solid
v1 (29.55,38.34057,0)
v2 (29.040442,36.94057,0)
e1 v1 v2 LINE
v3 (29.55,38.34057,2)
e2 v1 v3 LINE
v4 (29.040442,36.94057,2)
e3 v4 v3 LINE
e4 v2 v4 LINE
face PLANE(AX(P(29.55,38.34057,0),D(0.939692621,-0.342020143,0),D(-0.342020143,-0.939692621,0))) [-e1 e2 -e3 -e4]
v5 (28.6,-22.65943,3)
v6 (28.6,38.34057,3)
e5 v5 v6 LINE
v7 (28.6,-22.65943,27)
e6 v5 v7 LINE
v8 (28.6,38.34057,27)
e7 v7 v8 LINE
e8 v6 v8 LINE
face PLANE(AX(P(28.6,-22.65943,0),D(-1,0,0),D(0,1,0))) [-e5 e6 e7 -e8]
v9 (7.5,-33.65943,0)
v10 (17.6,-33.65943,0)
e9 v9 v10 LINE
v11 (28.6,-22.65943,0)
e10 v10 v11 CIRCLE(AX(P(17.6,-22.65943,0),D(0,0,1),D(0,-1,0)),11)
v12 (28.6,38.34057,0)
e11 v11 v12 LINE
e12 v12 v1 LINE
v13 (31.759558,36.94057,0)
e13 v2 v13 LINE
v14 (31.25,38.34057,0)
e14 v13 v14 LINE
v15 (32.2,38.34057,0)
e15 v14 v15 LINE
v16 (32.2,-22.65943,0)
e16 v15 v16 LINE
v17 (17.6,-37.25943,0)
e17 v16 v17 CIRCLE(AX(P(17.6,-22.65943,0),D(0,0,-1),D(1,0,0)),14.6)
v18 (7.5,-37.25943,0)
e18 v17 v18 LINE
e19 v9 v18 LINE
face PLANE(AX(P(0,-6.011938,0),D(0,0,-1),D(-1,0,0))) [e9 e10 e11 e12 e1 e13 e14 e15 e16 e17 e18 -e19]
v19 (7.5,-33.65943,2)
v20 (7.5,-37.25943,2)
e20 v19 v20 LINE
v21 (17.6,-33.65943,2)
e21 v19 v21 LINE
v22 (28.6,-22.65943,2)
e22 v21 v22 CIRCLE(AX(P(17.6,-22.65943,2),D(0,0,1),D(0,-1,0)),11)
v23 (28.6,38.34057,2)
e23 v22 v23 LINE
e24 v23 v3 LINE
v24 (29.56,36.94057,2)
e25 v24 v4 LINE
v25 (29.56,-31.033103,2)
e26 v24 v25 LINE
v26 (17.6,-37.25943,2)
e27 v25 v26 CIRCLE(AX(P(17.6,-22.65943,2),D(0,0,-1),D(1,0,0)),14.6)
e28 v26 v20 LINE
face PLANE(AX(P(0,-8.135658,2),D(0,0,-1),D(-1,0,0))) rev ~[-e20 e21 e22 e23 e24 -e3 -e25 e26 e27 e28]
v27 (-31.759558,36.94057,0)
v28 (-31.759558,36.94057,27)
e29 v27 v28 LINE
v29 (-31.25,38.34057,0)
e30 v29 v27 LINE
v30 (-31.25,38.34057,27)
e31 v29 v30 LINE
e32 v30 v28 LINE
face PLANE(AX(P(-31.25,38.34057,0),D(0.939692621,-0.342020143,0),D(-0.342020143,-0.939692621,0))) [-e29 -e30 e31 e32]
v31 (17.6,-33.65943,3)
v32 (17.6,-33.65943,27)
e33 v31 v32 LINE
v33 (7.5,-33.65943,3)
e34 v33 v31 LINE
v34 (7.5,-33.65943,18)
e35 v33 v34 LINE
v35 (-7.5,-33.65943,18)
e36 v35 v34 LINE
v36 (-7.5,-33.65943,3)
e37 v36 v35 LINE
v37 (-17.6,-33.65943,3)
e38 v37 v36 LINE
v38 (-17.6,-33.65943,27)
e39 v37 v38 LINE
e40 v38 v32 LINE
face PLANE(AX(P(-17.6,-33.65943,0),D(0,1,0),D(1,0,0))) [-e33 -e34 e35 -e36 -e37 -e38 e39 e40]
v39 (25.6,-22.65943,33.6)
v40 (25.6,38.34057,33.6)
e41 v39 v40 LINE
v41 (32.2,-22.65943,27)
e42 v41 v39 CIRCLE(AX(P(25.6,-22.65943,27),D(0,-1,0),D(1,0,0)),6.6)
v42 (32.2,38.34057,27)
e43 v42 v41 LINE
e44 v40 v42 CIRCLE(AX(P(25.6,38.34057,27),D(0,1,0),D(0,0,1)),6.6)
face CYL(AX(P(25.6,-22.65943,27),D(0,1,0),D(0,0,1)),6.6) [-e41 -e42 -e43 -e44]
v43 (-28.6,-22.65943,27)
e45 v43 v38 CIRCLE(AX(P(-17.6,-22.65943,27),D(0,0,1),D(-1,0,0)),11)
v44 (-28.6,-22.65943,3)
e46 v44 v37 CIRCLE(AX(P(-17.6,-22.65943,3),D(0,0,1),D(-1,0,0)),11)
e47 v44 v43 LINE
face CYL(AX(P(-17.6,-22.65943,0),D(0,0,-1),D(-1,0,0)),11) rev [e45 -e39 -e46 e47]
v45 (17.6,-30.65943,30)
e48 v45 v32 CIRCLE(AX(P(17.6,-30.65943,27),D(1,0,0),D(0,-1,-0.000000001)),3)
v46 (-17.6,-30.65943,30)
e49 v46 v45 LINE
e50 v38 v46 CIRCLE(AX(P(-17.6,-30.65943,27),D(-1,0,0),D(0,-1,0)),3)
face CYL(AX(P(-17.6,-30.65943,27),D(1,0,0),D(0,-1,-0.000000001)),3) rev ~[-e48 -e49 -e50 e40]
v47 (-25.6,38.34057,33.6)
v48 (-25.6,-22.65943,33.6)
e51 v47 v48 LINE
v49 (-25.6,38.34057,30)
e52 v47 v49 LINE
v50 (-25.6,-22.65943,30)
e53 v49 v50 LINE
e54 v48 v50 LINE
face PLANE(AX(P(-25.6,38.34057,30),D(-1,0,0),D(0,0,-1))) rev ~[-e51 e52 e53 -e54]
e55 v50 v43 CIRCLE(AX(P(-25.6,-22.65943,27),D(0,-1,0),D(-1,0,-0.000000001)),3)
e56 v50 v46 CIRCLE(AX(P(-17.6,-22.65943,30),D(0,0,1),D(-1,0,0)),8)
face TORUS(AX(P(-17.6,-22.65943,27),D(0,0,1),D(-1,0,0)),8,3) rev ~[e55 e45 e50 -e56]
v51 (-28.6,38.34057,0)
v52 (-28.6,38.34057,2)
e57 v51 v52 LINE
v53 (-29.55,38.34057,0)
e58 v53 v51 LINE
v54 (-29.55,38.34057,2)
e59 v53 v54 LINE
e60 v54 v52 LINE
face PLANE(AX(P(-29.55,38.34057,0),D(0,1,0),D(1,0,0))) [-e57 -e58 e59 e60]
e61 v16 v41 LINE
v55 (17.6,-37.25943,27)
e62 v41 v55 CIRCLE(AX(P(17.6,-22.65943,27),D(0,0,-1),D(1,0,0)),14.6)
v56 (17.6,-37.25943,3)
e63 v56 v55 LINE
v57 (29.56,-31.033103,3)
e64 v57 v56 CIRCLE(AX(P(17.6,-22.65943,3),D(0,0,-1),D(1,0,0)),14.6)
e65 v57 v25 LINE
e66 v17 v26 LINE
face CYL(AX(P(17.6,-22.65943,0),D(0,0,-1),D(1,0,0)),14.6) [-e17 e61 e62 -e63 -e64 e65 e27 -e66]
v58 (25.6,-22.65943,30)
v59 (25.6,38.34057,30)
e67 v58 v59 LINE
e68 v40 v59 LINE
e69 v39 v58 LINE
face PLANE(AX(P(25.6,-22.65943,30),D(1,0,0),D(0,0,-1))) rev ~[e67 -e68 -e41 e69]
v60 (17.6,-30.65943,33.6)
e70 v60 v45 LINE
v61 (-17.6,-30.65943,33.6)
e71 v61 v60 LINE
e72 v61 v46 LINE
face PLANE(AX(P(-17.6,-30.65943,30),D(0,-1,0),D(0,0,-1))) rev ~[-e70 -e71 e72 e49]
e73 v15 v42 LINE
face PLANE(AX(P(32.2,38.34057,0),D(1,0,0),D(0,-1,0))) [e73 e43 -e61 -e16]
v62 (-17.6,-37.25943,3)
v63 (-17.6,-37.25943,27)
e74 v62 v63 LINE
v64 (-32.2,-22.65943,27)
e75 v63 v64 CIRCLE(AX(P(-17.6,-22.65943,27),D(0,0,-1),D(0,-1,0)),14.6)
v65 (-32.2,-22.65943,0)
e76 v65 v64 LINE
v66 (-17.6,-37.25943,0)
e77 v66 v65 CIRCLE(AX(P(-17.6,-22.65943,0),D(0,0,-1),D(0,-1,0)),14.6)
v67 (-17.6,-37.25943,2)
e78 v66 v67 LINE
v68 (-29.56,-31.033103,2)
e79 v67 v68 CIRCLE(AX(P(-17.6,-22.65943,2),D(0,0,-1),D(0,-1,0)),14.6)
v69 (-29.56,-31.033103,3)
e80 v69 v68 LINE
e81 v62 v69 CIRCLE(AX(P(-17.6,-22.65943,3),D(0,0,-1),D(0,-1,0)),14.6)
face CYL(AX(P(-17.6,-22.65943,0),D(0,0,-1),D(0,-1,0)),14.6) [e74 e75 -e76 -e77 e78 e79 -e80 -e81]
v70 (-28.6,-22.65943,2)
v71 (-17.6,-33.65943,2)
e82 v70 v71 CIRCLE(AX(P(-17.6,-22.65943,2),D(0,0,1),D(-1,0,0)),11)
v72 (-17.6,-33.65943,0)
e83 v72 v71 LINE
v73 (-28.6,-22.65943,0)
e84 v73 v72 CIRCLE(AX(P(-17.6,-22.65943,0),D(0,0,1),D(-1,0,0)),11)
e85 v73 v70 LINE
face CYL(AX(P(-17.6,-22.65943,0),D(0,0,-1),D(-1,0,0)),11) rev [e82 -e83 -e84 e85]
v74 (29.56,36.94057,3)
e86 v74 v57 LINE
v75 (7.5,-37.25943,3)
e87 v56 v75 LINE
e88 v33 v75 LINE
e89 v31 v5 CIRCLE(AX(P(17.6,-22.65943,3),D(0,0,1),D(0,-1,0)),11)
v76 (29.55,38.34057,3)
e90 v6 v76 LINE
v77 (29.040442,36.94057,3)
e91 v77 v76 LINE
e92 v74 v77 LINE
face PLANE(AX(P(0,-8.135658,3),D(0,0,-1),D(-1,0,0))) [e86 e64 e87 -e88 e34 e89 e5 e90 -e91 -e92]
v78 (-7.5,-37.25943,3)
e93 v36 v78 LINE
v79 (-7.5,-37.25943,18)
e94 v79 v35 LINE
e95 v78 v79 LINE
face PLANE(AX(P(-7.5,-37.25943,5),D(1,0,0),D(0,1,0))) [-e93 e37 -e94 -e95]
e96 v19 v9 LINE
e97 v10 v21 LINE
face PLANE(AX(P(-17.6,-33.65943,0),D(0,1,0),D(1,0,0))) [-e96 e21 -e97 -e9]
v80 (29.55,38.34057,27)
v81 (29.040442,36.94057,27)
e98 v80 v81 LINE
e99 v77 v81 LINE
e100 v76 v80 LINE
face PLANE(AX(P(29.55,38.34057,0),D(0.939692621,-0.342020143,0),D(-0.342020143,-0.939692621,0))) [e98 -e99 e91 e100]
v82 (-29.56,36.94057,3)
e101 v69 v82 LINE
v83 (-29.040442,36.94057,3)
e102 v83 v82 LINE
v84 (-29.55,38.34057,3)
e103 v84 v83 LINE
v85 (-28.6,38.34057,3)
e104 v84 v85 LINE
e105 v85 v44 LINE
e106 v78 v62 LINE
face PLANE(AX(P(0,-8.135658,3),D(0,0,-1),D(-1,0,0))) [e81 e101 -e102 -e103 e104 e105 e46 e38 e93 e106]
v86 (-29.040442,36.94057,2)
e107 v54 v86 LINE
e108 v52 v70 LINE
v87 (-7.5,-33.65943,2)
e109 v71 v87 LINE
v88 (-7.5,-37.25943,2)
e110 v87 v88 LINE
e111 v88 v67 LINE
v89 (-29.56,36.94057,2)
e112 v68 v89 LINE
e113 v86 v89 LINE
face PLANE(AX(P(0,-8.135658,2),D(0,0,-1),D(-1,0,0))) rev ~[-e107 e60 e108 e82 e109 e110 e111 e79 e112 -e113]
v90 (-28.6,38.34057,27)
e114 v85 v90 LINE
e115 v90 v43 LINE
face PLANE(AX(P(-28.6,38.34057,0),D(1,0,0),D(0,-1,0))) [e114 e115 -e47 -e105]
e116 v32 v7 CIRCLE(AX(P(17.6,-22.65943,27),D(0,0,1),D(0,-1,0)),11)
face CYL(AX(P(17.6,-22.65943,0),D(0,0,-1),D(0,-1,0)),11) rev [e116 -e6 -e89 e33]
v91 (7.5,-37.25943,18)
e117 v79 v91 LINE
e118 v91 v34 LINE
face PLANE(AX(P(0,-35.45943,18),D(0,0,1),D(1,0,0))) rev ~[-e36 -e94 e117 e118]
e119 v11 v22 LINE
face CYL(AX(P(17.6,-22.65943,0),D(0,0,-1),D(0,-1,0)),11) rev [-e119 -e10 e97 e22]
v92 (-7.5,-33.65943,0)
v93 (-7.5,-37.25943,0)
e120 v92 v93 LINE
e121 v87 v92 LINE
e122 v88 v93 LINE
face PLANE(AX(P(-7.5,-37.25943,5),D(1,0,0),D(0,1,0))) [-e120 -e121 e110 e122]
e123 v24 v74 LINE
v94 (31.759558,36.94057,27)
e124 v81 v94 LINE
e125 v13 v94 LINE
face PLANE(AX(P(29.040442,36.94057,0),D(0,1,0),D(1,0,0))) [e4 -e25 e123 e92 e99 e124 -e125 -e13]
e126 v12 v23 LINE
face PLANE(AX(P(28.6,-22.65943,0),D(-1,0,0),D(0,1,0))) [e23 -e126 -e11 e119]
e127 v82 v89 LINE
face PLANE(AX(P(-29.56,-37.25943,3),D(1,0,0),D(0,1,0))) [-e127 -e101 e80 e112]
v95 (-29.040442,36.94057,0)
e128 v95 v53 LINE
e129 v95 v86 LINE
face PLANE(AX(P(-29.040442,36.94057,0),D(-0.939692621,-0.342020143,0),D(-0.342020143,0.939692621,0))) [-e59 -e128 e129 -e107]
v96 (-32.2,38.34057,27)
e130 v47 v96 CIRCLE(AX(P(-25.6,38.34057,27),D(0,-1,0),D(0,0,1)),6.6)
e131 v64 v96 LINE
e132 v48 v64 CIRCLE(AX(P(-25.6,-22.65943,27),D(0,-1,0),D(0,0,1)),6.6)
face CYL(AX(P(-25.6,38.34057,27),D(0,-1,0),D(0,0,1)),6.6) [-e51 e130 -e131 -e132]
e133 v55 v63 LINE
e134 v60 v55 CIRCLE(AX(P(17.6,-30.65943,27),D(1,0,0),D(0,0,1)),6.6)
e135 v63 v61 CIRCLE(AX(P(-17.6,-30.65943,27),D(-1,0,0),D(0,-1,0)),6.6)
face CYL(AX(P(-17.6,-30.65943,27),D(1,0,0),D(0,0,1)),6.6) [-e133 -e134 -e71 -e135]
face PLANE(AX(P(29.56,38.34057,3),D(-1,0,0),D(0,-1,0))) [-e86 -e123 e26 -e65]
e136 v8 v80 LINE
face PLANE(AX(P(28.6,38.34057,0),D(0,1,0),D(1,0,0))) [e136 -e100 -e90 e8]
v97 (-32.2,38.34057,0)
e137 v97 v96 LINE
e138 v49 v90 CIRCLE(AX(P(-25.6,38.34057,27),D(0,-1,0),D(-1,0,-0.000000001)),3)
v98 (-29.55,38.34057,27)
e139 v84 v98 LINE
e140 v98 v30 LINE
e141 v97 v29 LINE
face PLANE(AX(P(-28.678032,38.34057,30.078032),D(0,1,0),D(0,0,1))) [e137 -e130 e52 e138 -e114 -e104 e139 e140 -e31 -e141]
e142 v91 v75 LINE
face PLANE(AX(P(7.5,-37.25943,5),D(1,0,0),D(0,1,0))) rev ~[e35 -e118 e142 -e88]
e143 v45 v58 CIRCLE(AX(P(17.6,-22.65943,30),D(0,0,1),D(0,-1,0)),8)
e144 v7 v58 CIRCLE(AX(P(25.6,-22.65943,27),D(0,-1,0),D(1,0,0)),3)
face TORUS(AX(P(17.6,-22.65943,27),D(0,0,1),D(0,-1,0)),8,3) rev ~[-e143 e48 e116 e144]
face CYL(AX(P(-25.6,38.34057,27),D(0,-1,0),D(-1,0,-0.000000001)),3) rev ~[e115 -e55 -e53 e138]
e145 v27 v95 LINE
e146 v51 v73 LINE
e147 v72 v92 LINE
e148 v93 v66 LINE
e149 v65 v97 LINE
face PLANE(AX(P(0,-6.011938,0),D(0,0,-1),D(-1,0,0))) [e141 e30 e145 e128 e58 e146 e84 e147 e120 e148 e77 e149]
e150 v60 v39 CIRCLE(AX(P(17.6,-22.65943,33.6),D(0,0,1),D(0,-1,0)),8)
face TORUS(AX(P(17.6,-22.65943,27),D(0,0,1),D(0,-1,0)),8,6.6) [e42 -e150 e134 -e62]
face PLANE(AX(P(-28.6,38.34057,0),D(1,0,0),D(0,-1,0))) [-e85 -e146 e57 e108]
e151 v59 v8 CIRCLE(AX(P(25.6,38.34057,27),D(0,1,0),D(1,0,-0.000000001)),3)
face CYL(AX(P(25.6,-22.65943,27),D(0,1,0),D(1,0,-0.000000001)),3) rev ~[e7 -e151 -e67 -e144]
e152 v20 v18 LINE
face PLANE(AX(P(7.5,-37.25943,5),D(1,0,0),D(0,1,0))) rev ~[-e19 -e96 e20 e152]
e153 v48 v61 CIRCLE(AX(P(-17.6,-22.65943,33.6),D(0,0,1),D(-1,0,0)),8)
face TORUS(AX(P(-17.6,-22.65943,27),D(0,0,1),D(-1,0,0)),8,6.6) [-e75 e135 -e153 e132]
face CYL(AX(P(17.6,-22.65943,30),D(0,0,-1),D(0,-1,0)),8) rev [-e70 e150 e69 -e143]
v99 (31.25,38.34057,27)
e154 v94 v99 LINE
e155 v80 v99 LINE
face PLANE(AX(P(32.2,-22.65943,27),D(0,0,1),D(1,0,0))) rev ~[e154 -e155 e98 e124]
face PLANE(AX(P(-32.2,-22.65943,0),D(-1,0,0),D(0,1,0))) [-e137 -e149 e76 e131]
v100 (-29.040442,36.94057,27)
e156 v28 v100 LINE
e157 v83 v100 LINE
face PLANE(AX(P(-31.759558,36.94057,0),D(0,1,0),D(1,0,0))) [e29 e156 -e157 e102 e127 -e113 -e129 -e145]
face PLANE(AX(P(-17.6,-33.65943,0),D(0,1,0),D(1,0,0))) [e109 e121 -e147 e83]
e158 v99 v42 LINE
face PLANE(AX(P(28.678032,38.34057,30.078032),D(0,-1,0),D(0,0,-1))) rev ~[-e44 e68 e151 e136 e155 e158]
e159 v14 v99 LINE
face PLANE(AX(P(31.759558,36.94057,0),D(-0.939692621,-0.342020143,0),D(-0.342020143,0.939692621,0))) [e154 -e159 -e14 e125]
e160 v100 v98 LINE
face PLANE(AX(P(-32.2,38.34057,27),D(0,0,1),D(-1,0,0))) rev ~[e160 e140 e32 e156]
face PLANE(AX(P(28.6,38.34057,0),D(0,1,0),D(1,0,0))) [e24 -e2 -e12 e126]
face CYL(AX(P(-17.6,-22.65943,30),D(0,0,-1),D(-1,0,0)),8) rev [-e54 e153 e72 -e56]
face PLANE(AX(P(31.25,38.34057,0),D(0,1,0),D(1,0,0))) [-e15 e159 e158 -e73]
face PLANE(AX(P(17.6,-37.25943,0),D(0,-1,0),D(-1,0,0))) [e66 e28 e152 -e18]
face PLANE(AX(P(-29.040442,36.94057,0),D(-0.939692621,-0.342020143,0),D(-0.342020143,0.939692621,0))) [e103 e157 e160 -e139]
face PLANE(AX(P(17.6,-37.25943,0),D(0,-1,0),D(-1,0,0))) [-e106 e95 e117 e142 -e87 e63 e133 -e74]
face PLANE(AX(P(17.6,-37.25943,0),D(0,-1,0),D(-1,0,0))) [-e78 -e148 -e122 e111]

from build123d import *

# Parameters (mm, degrees)
EXTRUDE_1_DEPTH     = 27
CUT_EXTRUDE_START   = -1
CUT_EXTRUDE_1_DEPTH = 1
SKETCH_4_W          = 15
SKETCH_4_H          = 3.6
CUT_EXTRUDE_2_DEPTH = 55.688566867
SKETCH_4_2_W        = 15
SKETCH_4_2_H        = 3.6
CUT_EXTRUDE_3_DEPTH = 13


with BuildPart() as part:
    # 草圖1 → 填料-伸長1 (new body)
    with BuildSketch(Plane.XY):
        with BuildLine():
            Line((-17.6, -33.659429503), (17.6, -33.659429503))
            ThreePointArc((17.6, -33.659429503), (25.378174593, -30.437604096), (28.6, -22.659429503))
            Line((28.6, -22.659429503), (28.6, 38.340570497))
            Line((28.6, 38.340570497), (29.55, 38.340570497))
            Line((29.55, 38.340570497), (29.040441672, 36.940570497))
            Line((29.040441672, 36.940570497), (31.759558328, 36.940570497))
            Line((31.759558328, 36.940570497), (31.25, 38.340570497))
            Line((31.25, 38.340570497), (32.2, 38.340570497))
            Line((32.2, 38.340570497), (32.2, -22.659429503))
            ThreePointArc((32.2, -22.659429503), (27.923759005, -32.983188509), (17.6, -37.259429503))
            Line((17.6, -37.259429503), (-17.6, -37.259429503))
            ThreePointArc((-17.6, -37.259429503), (-27.923759005, -32.983188509), (-32.2, -22.659429503))
            Line((-32.2, -22.659429503), (-32.2, 38.340570497))
            Line((-32.2, 38.340570497), (-31.25, 38.340570497))
            Line((-31.25, 38.340570497), (-31.759558328, 36.940570497))
            Line((-31.759558328, 36.940570497), (-29.040441672, 36.940570497))
            Line((-29.040441672, 36.940570497), (-29.55, 38.340570497))
            Line((-29.55, 38.340570497), (-28.6, 38.340570497))
            Line((-28.6, 38.340570497), (-28.6, -22.659429503))
            ThreePointArc((-28.6, -22.659429503), (-25.378174593, -30.437604096), (-17.6, -33.659429503))
        make_face()
    extrude(amount=EXTRUDE_1_DEPTH)

    # 草圖3 → 除料-伸長1 (cut)
    with BuildSketch(Plane.XY.offset(3).offset(CUT_EXTRUDE_START)):
        with BuildLine():
            Line((-28.6, 38.340570497), (-28.6, -22.659429503))
            ThreePointArc((-28.6, -22.659429503), (-25.378174593, -30.437604096), (-17.6, -33.659429503))
            Line((-17.6, -33.659429503), (17.6, -33.659429503))
            ThreePointArc((17.6, -33.659429503), (25.378174593, -30.437604096), (28.6, -22.659429503))
            Line((28.6, -22.659429503), (28.6, 38.340570497))
            Line((28.6, 38.340570497), (29.56, 38.340570497))
            Line((29.56, 38.340570497), (29.56, -22.659429503))
            Line((29.56, -22.659429503), (29.56, -37.259429503))
            Line((29.56, -37.259429503), (-29.56, -37.259429503))
            Line((-29.56, -37.259429503), (-29.56, -22.659429503))
            Line((-29.56, -22.659429503), (-29.56, 38.340570497))
            Line((-29.56, 38.340570497), (-28.6, 38.340570497))
        make_face()
    extrude(amount=CUT_EXTRUDE_1_DEPTH, mode=Mode.SUBTRACT)

    # 草圖4 → 除料-伸長2 (cut, through all)
    with BuildSketch(Plane.XY.offset(5)):
        with Locations((0, -35.459429503)):
            Rectangle(SKETCH_4_W, SKETCH_4_H)
    extrude(amount=-CUT_EXTRUDE_2_DEPTH, mode=Mode.SUBTRACT)

    # 掃出4: sweep along a path in 草圖6
    with BuildLine(Plane.XY.offset(27)) as sweep_4_path:
        Line((-30.4, 38.340570497), (-30.4, 37.968733181))
        Line((-30.4, 37.968733181), (-30.4, -22.659429503))
        ThreePointArc((-30.4, -22.659429503), (-26.650966799, -31.710396303), (-17.6, -35.459429503))
        Line((-17.6, -35.459429503), (17.6, -35.459429503))
        ThreePointArc((17.6, -35.459429503), (26.650966799, -31.710396303), (30.4, -22.659429503))
        Line((30.4, -22.659429503), (30.4, 37.968733181))
        Line((30.4, 37.968733181), (30.4, 38.340570497))
    # 草圖7 → 掃出4 (sweep)
    with BuildSketch(Plane(origin=(0, 36.940570497, 0), x_dir=(1, 0, 0), z_dir=(0, 1, 0))):
        with BuildLine():
            Line((-32.2, -27), (-28.6, -27))
            ThreePointArc((-28.6, -27), (-27.721320344, -29.121320344), (-25.6, -30))
            Line((-25.6, -30), (-25.6, -33.6))
            ThreePointArc((-25.6, -33.6), (-30.266904756, -31.666904756), (-32.2, -27))
        make_face()
    sweep(path=sweep_4_path.line)

    # 草圖4<2> → 除料-伸長3 (cut)
    with BuildSketch(Plane.XY.offset(5)):
        with Locations((0, -35.459429503)):
            Rectangle(SKETCH_4_2_W, SKETCH_4_2_H)
    extrude(amount=CUT_EXTRUDE_3_DEPTH, mode=Mode.SUBTRACT)


solid = part.part
